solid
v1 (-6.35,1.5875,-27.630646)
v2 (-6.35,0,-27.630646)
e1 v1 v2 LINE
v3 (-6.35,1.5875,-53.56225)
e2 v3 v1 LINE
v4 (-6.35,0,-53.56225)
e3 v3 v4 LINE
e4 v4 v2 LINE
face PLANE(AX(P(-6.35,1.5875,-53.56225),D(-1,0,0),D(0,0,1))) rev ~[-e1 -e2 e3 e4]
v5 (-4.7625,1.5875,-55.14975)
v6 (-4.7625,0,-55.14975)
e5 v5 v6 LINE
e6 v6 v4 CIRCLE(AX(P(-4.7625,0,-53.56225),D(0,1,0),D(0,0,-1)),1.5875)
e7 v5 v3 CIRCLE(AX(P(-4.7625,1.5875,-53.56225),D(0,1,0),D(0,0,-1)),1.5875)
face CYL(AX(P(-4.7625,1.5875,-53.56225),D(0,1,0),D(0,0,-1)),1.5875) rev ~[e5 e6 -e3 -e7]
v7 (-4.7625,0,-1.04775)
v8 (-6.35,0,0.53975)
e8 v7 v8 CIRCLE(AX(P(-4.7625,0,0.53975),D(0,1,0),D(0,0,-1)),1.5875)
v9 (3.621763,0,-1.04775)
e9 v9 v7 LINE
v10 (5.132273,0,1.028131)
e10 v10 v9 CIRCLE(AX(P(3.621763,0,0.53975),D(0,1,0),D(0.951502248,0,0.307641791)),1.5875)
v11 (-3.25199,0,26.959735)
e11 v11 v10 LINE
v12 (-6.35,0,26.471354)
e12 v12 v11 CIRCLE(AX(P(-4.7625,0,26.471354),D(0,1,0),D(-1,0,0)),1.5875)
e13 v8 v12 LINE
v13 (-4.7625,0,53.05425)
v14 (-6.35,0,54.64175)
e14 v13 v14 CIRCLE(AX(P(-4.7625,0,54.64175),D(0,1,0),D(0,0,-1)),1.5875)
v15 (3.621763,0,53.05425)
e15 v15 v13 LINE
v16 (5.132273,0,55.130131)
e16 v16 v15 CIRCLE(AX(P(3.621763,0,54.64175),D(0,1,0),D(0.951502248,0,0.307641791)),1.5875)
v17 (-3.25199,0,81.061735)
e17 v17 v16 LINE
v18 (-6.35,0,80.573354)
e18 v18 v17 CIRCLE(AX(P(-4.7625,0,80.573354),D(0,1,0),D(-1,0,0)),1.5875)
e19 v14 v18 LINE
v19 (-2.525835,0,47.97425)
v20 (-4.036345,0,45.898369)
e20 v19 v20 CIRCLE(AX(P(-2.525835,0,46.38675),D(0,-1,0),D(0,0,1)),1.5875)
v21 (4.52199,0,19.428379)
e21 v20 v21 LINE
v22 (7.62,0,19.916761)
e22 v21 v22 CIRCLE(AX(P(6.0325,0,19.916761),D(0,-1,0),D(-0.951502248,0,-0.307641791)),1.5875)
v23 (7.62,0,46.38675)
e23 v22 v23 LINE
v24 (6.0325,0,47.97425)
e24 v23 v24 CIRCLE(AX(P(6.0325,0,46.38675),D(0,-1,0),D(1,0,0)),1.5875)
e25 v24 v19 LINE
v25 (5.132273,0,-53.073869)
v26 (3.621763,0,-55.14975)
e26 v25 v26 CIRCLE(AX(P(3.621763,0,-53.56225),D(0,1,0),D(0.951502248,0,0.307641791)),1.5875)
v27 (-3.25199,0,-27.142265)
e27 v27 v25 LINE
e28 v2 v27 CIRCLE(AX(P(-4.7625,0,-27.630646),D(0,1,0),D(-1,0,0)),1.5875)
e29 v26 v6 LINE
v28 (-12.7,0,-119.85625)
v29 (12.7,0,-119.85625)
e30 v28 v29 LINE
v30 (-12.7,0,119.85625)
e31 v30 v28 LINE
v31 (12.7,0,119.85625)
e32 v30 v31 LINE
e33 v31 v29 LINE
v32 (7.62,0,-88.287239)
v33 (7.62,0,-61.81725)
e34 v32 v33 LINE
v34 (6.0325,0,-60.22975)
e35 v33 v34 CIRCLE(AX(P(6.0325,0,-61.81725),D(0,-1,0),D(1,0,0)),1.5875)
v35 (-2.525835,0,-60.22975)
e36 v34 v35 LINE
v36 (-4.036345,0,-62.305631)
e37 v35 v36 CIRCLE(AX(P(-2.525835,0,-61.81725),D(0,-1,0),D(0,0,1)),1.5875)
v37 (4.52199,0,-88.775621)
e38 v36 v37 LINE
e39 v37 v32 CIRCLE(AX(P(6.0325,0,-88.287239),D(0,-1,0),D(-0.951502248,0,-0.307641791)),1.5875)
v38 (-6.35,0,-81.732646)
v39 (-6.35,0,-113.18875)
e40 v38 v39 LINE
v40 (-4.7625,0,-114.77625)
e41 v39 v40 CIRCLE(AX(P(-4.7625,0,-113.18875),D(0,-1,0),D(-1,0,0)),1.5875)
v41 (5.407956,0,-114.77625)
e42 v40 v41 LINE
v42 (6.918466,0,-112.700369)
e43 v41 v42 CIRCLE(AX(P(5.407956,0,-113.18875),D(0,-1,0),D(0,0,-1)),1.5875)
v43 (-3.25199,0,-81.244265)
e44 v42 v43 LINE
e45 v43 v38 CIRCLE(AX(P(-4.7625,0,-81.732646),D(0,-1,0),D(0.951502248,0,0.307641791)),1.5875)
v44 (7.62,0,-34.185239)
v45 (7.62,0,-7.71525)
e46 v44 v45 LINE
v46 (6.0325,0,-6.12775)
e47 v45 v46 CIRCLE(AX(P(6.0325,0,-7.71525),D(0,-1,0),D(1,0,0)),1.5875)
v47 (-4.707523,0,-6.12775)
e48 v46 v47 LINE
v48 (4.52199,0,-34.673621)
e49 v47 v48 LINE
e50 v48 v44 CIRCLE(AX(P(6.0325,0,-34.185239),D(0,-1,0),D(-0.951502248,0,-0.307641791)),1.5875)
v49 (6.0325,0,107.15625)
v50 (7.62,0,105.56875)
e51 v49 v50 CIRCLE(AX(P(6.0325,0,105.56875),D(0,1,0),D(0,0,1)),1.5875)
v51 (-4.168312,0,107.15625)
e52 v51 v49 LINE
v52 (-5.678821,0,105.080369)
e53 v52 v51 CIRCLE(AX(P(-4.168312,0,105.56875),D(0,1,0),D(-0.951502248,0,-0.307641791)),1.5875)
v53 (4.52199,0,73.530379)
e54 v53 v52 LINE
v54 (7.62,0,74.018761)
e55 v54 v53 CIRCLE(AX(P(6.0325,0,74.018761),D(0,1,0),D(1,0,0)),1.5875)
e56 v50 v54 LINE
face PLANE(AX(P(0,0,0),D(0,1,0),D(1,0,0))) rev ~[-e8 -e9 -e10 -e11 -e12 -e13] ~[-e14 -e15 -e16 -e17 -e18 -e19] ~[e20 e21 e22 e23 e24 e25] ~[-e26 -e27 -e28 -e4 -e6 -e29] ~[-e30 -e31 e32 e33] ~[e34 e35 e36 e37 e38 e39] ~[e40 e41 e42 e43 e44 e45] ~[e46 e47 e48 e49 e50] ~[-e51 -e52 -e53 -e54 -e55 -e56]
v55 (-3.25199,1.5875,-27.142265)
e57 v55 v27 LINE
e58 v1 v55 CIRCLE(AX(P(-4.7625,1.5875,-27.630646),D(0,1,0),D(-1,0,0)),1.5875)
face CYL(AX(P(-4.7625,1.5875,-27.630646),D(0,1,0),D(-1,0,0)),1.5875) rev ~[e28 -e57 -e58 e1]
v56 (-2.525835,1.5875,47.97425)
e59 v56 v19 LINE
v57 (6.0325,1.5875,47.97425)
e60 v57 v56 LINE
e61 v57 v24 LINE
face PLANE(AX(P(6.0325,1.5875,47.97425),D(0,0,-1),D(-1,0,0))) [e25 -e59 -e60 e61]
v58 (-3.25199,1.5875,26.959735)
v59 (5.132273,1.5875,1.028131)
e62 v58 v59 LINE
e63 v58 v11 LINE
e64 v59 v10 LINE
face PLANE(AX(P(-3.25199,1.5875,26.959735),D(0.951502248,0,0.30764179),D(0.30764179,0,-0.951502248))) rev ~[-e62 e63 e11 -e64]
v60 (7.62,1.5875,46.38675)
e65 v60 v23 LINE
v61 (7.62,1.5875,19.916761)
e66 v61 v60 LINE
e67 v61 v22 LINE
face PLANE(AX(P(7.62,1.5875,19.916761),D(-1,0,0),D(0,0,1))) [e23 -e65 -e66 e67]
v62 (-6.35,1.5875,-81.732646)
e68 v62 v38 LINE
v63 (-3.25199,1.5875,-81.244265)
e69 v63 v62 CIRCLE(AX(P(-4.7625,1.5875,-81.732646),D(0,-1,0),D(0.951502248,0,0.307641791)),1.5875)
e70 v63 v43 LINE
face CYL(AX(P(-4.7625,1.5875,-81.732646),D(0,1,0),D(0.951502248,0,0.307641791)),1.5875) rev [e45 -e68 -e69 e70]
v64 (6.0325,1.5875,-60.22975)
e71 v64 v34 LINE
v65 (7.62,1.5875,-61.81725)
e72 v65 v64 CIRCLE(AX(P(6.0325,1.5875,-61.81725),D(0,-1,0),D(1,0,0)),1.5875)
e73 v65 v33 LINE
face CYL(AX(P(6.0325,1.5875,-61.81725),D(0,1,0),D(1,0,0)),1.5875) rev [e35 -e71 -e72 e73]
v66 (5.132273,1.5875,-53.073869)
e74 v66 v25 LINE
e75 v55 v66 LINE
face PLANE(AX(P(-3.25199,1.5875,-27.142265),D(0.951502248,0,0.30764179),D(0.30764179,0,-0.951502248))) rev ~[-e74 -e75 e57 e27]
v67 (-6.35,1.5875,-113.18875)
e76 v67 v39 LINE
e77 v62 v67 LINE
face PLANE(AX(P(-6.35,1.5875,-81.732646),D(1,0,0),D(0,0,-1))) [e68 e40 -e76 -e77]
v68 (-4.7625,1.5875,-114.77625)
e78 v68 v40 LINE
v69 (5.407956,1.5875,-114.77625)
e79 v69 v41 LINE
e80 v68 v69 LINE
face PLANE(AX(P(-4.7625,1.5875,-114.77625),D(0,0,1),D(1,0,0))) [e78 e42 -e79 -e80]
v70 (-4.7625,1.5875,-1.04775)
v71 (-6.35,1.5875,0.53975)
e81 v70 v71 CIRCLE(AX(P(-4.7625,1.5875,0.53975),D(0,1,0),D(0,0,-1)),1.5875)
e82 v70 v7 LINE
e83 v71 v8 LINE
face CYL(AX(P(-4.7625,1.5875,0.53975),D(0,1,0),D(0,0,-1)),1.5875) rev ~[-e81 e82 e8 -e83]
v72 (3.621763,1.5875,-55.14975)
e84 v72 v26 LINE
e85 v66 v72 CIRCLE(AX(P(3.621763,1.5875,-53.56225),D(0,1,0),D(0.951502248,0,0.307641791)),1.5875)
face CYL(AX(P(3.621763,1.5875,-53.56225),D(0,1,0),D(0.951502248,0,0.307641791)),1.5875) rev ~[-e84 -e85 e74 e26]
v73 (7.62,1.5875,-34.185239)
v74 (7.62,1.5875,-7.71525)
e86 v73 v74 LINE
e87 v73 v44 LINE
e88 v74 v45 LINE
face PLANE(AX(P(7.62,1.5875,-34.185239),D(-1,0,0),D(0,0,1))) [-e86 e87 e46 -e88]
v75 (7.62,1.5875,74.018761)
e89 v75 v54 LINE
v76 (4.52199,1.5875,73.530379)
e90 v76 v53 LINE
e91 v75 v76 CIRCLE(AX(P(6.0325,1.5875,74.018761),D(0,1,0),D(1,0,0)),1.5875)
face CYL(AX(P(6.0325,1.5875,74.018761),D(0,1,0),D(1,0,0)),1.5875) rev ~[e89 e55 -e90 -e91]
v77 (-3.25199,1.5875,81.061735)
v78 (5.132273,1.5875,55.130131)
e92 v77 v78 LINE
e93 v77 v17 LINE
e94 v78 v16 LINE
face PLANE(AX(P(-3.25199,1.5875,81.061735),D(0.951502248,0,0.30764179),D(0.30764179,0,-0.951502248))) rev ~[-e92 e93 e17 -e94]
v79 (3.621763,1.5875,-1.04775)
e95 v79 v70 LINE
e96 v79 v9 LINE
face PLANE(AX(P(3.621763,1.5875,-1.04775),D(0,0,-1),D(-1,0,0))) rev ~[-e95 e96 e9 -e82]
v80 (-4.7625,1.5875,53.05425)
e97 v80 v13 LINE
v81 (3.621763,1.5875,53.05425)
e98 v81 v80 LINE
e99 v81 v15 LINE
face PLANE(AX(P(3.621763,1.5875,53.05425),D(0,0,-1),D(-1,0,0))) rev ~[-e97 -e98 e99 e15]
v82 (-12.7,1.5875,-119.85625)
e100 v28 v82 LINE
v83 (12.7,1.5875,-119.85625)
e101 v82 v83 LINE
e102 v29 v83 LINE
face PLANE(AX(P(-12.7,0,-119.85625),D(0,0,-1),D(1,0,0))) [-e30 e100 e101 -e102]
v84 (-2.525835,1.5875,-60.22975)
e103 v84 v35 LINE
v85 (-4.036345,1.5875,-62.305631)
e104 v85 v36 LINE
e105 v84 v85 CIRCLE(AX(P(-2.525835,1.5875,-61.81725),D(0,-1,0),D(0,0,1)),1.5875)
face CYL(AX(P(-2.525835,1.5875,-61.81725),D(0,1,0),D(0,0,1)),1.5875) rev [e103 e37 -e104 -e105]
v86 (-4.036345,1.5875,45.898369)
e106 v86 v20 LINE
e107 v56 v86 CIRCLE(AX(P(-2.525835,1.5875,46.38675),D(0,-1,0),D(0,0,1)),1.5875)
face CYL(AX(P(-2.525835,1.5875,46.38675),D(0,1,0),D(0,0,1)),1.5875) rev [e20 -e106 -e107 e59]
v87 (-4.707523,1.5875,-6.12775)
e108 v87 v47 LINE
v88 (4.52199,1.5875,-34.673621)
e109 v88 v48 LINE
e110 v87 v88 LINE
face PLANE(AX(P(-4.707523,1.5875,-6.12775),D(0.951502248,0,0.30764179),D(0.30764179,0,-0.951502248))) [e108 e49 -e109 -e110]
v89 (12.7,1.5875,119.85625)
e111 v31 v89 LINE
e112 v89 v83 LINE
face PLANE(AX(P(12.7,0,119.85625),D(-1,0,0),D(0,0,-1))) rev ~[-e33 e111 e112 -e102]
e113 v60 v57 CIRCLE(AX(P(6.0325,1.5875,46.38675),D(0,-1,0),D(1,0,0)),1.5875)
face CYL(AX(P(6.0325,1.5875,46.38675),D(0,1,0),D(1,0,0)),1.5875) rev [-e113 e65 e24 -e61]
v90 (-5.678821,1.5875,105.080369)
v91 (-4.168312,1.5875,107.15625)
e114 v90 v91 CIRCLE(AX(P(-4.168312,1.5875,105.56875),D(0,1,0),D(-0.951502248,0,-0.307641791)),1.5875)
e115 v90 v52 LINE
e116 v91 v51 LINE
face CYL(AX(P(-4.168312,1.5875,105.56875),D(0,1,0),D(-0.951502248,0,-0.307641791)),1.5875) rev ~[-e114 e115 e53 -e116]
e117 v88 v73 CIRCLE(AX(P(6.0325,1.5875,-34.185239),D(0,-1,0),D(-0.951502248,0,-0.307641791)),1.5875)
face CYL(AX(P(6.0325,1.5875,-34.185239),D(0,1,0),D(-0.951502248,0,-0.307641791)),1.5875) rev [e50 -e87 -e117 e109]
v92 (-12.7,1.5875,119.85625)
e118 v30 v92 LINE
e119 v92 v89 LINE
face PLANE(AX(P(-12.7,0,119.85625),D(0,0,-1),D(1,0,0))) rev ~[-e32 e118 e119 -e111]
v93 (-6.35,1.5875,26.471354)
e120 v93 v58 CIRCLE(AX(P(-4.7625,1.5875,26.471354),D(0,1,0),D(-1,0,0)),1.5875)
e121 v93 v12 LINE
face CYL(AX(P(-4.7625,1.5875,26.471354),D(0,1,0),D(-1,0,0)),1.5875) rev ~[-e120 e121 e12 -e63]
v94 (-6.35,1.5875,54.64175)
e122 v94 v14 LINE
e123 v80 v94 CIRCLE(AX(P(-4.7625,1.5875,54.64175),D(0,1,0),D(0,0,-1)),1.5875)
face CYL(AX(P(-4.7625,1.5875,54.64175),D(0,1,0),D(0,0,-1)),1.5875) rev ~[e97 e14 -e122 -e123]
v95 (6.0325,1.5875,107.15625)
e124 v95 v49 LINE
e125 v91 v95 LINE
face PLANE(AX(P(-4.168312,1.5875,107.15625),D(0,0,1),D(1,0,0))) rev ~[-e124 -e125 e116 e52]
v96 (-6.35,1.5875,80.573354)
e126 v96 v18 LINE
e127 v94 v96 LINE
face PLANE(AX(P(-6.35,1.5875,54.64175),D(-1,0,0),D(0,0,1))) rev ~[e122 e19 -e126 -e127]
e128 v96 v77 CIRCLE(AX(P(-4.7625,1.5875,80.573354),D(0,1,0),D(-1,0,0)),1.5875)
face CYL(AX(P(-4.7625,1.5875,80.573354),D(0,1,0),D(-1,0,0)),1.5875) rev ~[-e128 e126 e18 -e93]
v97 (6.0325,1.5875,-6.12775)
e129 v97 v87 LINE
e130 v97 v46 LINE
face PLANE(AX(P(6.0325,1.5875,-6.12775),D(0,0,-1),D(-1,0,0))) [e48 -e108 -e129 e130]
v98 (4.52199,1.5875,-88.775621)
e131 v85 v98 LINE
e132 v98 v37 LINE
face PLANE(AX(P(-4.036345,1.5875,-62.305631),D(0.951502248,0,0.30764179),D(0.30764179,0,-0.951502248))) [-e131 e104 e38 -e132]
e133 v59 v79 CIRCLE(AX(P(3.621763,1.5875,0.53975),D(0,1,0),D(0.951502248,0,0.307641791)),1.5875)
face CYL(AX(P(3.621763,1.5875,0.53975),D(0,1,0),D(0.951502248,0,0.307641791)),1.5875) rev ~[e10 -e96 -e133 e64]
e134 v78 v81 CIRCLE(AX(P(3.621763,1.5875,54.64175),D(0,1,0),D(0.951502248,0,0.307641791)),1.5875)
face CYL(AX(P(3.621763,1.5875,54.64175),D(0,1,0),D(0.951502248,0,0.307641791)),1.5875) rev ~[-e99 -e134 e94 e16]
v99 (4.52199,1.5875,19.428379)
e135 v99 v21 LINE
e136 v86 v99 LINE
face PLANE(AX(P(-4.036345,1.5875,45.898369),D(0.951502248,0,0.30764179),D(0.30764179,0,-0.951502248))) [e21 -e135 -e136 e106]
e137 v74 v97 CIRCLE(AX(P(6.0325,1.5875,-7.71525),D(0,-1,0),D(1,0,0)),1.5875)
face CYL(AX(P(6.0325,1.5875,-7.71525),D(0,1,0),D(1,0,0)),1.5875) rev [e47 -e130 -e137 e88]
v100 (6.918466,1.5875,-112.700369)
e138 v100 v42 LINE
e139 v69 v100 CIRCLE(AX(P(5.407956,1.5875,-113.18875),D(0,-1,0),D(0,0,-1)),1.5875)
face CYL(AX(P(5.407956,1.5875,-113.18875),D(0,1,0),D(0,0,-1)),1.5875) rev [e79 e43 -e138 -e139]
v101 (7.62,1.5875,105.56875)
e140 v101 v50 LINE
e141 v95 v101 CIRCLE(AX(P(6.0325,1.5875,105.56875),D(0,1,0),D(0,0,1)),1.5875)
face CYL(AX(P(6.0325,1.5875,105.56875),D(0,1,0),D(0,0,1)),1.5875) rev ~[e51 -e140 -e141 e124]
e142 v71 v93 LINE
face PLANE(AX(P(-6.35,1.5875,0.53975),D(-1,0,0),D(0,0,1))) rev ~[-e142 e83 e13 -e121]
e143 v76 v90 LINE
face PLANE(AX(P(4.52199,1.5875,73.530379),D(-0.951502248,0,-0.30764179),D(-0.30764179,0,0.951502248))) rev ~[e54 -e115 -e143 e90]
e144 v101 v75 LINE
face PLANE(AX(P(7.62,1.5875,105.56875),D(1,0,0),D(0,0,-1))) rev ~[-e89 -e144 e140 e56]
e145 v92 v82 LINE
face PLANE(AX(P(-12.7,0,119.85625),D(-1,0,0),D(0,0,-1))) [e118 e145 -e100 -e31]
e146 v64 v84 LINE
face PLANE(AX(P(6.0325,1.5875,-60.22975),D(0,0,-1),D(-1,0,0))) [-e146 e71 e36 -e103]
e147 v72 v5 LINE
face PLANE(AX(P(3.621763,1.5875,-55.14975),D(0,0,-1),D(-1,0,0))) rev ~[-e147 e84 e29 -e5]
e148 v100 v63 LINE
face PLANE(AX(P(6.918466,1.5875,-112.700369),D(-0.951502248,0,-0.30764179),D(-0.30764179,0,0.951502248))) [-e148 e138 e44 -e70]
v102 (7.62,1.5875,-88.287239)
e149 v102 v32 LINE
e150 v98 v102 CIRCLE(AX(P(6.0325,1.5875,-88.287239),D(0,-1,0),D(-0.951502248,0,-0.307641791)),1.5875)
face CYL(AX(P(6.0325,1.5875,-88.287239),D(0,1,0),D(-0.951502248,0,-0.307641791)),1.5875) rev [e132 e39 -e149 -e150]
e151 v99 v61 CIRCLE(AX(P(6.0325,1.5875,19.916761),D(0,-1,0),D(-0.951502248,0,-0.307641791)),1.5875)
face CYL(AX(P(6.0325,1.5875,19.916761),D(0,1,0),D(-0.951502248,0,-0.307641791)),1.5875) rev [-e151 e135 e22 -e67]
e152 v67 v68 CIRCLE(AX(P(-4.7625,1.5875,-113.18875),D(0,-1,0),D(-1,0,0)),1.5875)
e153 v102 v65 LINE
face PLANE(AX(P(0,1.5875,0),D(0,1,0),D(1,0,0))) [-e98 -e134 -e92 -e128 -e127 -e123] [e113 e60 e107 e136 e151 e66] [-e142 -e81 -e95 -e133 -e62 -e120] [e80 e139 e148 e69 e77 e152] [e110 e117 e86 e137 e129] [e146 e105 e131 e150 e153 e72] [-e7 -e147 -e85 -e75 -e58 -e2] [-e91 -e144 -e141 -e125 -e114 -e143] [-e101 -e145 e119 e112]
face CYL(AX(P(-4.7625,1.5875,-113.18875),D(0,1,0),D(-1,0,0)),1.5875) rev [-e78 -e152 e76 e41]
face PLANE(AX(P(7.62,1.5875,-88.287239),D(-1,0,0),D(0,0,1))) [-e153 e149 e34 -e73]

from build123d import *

# Parameters (mm, degrees)
SKETCH1_W           = 25.4
SKETCH1_H           = 239.7125
BOSS_EXTRUDE1_DEPTH = 1.5875
CUT_EXTRUDE1_DEPTH  = 1.5875


with BuildPart() as part:
    # Sketch1 → Boss-Extrude1 (new body)
    with BuildSketch(Plane(origin=(0, 0, 0), x_dir=(1, 0, 0), z_dir=(0, 1, 0))):
        Rectangle(SKETCH1_W, SKETCH1_H)
    extrude(amount=BOSS_EXTRUDE1_DEPTH)

    # Sketch2 → Cut-Extrude1 (cut)
    with BuildSketch(Plane(origin=(0, 1.5875, 0), x_dir=(1, 0, 0), z_dir=(0, 1, 0))):
        with BuildLine():
            Line((-4.168311679, -107.15625), (6.0325, -107.15625))
            ThreePointArc((6.0325, -107.15625), (7.155032015, -106.691282015), (7.62, -105.56875))
            Line((7.62, -105.56875), (7.62, -74.018760533))
            ThreePointArc((7.62, -74.018760533), (6.279706302, -72.450626198), (4.521990181, -73.530379191))
            Line((4.521990181, -73.530379191), (-5.678821499, -105.080368658))
            ThreePointArc((-5.678821499, -105.080368658), (-5.451951355, -106.50278717), (-4.168311679, -107.15625))
        make_face()
        with BuildLine():
            Line((-4.7625, 114.77625), (5.407956322, 114.77625))
            ThreePointArc((5.407956322, 114.77625), (6.691595997, 114.12278717), (6.918466141, 112.700368658))
            Line((6.918466141, 112.700368658), (-3.251990181, 81.244264977))
            ThreePointArc((-3.251990181, 81.244264977), (-5.009706302, 80.164511984), (-6.35, 81.732646319))
            Line((-6.35, 81.732646319), (-6.35, 113.18875))
            ThreePointArc((-6.35, 113.18875), (-5.885032015, 114.311282015), (-4.7625, 114.77625))
        make_face()
        with BuildLine():
            Line((7.62, 88.287239467), (7.62, 61.81725))
            ThreePointArc((7.62, 61.81725), (7.155032015, 60.694717985), (6.0325, 60.22975))
            Line((6.0325, 60.22975), (-2.525834956, 60.22975))
            ThreePointArc((-2.525834956, 60.22975), (-3.809474631, 60.88321283), (-4.036344775, 62.305631342))
            Line((-4.036344775, 62.305631342), (4.521990181, 88.775620809))
            ThreePointArc((4.521990181, 88.775620809), (6.279706302, 89.855373802), (7.62, 88.287239467))
        make_face()
        with BuildLine():
            Line((-3.251990181, -81.061735023), (5.132272704, -55.130131342))
            ThreePointArc((5.132272704, -55.130131342), (4.90540256, -53.70771283), (3.621762885, -53.05425))
            Line((3.621762885, -53.05425), (-4.7625, -53.05425))
            ThreePointArc((-4.7625, -53.05425), (-5.885032015, -53.519217985), (-6.35, -54.64175))
            Line((-6.35, -54.64175), (-6.35, -80.573353681))
            ThreePointArc((-6.35, -80.573353681), (-5.009706302, -82.141488016), (-3.251990181, -81.061735023))
        make_face()
        with BuildLine():
            Line((-3.251990181, -26.959735023), (5.132272704, -1.028131342))
            ThreePointArc((5.132272704, -1.028131342), (4.90540256, 0.39428717), (3.621762885, 1.04775))
            Line((3.621762885, 1.04775), (-4.7625, 1.04775))
            ThreePointArc((-4.7625, 1.04775), (-5.885032015, 0.582782015), (-6.35, -0.53975))
            Line((-6.35, -0.53975), (-6.35, -26.471353681))
            ThreePointArc((-6.35, -26.471353681), (-5.009706302, -28.039488016), (-3.251990181, -26.959735023))
        make_face()
        with BuildLine():
            Line((-4.036344775, -45.898368658), (4.521990181, -19.428379191))
            ThreePointArc((4.521990181, -19.428379191), (6.279706302, -18.348626198), (7.62, -19.916760533))
            Line((7.62, -19.916760533), (7.62, -46.38675))
            ThreePointArc((7.62, -46.38675), (7.155032015, -47.509282015), (6.0325, -47.97425))
            Line((6.0325, -47.97425), (-2.525834956, -47.97425))
            ThreePointArc((-2.525834956, -47.97425), (-3.809474631, -47.32078717), (-4.036344775, -45.898368658))
        make_face()
        with BuildLine():
            Line((-3.251990181, 27.142264977), (5.132272704, 53.073868658))
            ThreePointArc((5.132272704, 53.073868658), (4.90540256, 54.49628717), (3.621762885, 55.14975))
            Line((3.621762885, 55.14975), (-4.7625, 55.14975))
            ThreePointArc((-4.7625, 55.14975), (-5.885032015, 54.684782015), (-6.35, 53.56225))
            Line((-6.35, 53.56225), (-6.35, 27.630646319))
            ThreePointArc((-6.35, 27.630646319), (-5.009706302, 26.062511984), (-3.251990181, 27.142264977))
        make_face()
        with BuildLine():
            Line((-4.707523276, 6.12775), (4.521990181, 34.673620809))
            ThreePointArc((4.521990181, 34.673620809), (6.279706302, 35.753373802), (7.62, 34.185239467))
            Line((7.62, 34.185239467), (7.62, 7.71525))
            ThreePointArc((7.62, 7.71525), (7.155032015, 6.592717985), (6.0325, 6.12775))
            Line((6.0325, 6.12775), (-4.707523276, 6.12775))
        make_face()
    extrude(amount=-CUT_EXTRUDE1_DEPTH, mode=Mode.SUBTRACT)


solid = part.part
